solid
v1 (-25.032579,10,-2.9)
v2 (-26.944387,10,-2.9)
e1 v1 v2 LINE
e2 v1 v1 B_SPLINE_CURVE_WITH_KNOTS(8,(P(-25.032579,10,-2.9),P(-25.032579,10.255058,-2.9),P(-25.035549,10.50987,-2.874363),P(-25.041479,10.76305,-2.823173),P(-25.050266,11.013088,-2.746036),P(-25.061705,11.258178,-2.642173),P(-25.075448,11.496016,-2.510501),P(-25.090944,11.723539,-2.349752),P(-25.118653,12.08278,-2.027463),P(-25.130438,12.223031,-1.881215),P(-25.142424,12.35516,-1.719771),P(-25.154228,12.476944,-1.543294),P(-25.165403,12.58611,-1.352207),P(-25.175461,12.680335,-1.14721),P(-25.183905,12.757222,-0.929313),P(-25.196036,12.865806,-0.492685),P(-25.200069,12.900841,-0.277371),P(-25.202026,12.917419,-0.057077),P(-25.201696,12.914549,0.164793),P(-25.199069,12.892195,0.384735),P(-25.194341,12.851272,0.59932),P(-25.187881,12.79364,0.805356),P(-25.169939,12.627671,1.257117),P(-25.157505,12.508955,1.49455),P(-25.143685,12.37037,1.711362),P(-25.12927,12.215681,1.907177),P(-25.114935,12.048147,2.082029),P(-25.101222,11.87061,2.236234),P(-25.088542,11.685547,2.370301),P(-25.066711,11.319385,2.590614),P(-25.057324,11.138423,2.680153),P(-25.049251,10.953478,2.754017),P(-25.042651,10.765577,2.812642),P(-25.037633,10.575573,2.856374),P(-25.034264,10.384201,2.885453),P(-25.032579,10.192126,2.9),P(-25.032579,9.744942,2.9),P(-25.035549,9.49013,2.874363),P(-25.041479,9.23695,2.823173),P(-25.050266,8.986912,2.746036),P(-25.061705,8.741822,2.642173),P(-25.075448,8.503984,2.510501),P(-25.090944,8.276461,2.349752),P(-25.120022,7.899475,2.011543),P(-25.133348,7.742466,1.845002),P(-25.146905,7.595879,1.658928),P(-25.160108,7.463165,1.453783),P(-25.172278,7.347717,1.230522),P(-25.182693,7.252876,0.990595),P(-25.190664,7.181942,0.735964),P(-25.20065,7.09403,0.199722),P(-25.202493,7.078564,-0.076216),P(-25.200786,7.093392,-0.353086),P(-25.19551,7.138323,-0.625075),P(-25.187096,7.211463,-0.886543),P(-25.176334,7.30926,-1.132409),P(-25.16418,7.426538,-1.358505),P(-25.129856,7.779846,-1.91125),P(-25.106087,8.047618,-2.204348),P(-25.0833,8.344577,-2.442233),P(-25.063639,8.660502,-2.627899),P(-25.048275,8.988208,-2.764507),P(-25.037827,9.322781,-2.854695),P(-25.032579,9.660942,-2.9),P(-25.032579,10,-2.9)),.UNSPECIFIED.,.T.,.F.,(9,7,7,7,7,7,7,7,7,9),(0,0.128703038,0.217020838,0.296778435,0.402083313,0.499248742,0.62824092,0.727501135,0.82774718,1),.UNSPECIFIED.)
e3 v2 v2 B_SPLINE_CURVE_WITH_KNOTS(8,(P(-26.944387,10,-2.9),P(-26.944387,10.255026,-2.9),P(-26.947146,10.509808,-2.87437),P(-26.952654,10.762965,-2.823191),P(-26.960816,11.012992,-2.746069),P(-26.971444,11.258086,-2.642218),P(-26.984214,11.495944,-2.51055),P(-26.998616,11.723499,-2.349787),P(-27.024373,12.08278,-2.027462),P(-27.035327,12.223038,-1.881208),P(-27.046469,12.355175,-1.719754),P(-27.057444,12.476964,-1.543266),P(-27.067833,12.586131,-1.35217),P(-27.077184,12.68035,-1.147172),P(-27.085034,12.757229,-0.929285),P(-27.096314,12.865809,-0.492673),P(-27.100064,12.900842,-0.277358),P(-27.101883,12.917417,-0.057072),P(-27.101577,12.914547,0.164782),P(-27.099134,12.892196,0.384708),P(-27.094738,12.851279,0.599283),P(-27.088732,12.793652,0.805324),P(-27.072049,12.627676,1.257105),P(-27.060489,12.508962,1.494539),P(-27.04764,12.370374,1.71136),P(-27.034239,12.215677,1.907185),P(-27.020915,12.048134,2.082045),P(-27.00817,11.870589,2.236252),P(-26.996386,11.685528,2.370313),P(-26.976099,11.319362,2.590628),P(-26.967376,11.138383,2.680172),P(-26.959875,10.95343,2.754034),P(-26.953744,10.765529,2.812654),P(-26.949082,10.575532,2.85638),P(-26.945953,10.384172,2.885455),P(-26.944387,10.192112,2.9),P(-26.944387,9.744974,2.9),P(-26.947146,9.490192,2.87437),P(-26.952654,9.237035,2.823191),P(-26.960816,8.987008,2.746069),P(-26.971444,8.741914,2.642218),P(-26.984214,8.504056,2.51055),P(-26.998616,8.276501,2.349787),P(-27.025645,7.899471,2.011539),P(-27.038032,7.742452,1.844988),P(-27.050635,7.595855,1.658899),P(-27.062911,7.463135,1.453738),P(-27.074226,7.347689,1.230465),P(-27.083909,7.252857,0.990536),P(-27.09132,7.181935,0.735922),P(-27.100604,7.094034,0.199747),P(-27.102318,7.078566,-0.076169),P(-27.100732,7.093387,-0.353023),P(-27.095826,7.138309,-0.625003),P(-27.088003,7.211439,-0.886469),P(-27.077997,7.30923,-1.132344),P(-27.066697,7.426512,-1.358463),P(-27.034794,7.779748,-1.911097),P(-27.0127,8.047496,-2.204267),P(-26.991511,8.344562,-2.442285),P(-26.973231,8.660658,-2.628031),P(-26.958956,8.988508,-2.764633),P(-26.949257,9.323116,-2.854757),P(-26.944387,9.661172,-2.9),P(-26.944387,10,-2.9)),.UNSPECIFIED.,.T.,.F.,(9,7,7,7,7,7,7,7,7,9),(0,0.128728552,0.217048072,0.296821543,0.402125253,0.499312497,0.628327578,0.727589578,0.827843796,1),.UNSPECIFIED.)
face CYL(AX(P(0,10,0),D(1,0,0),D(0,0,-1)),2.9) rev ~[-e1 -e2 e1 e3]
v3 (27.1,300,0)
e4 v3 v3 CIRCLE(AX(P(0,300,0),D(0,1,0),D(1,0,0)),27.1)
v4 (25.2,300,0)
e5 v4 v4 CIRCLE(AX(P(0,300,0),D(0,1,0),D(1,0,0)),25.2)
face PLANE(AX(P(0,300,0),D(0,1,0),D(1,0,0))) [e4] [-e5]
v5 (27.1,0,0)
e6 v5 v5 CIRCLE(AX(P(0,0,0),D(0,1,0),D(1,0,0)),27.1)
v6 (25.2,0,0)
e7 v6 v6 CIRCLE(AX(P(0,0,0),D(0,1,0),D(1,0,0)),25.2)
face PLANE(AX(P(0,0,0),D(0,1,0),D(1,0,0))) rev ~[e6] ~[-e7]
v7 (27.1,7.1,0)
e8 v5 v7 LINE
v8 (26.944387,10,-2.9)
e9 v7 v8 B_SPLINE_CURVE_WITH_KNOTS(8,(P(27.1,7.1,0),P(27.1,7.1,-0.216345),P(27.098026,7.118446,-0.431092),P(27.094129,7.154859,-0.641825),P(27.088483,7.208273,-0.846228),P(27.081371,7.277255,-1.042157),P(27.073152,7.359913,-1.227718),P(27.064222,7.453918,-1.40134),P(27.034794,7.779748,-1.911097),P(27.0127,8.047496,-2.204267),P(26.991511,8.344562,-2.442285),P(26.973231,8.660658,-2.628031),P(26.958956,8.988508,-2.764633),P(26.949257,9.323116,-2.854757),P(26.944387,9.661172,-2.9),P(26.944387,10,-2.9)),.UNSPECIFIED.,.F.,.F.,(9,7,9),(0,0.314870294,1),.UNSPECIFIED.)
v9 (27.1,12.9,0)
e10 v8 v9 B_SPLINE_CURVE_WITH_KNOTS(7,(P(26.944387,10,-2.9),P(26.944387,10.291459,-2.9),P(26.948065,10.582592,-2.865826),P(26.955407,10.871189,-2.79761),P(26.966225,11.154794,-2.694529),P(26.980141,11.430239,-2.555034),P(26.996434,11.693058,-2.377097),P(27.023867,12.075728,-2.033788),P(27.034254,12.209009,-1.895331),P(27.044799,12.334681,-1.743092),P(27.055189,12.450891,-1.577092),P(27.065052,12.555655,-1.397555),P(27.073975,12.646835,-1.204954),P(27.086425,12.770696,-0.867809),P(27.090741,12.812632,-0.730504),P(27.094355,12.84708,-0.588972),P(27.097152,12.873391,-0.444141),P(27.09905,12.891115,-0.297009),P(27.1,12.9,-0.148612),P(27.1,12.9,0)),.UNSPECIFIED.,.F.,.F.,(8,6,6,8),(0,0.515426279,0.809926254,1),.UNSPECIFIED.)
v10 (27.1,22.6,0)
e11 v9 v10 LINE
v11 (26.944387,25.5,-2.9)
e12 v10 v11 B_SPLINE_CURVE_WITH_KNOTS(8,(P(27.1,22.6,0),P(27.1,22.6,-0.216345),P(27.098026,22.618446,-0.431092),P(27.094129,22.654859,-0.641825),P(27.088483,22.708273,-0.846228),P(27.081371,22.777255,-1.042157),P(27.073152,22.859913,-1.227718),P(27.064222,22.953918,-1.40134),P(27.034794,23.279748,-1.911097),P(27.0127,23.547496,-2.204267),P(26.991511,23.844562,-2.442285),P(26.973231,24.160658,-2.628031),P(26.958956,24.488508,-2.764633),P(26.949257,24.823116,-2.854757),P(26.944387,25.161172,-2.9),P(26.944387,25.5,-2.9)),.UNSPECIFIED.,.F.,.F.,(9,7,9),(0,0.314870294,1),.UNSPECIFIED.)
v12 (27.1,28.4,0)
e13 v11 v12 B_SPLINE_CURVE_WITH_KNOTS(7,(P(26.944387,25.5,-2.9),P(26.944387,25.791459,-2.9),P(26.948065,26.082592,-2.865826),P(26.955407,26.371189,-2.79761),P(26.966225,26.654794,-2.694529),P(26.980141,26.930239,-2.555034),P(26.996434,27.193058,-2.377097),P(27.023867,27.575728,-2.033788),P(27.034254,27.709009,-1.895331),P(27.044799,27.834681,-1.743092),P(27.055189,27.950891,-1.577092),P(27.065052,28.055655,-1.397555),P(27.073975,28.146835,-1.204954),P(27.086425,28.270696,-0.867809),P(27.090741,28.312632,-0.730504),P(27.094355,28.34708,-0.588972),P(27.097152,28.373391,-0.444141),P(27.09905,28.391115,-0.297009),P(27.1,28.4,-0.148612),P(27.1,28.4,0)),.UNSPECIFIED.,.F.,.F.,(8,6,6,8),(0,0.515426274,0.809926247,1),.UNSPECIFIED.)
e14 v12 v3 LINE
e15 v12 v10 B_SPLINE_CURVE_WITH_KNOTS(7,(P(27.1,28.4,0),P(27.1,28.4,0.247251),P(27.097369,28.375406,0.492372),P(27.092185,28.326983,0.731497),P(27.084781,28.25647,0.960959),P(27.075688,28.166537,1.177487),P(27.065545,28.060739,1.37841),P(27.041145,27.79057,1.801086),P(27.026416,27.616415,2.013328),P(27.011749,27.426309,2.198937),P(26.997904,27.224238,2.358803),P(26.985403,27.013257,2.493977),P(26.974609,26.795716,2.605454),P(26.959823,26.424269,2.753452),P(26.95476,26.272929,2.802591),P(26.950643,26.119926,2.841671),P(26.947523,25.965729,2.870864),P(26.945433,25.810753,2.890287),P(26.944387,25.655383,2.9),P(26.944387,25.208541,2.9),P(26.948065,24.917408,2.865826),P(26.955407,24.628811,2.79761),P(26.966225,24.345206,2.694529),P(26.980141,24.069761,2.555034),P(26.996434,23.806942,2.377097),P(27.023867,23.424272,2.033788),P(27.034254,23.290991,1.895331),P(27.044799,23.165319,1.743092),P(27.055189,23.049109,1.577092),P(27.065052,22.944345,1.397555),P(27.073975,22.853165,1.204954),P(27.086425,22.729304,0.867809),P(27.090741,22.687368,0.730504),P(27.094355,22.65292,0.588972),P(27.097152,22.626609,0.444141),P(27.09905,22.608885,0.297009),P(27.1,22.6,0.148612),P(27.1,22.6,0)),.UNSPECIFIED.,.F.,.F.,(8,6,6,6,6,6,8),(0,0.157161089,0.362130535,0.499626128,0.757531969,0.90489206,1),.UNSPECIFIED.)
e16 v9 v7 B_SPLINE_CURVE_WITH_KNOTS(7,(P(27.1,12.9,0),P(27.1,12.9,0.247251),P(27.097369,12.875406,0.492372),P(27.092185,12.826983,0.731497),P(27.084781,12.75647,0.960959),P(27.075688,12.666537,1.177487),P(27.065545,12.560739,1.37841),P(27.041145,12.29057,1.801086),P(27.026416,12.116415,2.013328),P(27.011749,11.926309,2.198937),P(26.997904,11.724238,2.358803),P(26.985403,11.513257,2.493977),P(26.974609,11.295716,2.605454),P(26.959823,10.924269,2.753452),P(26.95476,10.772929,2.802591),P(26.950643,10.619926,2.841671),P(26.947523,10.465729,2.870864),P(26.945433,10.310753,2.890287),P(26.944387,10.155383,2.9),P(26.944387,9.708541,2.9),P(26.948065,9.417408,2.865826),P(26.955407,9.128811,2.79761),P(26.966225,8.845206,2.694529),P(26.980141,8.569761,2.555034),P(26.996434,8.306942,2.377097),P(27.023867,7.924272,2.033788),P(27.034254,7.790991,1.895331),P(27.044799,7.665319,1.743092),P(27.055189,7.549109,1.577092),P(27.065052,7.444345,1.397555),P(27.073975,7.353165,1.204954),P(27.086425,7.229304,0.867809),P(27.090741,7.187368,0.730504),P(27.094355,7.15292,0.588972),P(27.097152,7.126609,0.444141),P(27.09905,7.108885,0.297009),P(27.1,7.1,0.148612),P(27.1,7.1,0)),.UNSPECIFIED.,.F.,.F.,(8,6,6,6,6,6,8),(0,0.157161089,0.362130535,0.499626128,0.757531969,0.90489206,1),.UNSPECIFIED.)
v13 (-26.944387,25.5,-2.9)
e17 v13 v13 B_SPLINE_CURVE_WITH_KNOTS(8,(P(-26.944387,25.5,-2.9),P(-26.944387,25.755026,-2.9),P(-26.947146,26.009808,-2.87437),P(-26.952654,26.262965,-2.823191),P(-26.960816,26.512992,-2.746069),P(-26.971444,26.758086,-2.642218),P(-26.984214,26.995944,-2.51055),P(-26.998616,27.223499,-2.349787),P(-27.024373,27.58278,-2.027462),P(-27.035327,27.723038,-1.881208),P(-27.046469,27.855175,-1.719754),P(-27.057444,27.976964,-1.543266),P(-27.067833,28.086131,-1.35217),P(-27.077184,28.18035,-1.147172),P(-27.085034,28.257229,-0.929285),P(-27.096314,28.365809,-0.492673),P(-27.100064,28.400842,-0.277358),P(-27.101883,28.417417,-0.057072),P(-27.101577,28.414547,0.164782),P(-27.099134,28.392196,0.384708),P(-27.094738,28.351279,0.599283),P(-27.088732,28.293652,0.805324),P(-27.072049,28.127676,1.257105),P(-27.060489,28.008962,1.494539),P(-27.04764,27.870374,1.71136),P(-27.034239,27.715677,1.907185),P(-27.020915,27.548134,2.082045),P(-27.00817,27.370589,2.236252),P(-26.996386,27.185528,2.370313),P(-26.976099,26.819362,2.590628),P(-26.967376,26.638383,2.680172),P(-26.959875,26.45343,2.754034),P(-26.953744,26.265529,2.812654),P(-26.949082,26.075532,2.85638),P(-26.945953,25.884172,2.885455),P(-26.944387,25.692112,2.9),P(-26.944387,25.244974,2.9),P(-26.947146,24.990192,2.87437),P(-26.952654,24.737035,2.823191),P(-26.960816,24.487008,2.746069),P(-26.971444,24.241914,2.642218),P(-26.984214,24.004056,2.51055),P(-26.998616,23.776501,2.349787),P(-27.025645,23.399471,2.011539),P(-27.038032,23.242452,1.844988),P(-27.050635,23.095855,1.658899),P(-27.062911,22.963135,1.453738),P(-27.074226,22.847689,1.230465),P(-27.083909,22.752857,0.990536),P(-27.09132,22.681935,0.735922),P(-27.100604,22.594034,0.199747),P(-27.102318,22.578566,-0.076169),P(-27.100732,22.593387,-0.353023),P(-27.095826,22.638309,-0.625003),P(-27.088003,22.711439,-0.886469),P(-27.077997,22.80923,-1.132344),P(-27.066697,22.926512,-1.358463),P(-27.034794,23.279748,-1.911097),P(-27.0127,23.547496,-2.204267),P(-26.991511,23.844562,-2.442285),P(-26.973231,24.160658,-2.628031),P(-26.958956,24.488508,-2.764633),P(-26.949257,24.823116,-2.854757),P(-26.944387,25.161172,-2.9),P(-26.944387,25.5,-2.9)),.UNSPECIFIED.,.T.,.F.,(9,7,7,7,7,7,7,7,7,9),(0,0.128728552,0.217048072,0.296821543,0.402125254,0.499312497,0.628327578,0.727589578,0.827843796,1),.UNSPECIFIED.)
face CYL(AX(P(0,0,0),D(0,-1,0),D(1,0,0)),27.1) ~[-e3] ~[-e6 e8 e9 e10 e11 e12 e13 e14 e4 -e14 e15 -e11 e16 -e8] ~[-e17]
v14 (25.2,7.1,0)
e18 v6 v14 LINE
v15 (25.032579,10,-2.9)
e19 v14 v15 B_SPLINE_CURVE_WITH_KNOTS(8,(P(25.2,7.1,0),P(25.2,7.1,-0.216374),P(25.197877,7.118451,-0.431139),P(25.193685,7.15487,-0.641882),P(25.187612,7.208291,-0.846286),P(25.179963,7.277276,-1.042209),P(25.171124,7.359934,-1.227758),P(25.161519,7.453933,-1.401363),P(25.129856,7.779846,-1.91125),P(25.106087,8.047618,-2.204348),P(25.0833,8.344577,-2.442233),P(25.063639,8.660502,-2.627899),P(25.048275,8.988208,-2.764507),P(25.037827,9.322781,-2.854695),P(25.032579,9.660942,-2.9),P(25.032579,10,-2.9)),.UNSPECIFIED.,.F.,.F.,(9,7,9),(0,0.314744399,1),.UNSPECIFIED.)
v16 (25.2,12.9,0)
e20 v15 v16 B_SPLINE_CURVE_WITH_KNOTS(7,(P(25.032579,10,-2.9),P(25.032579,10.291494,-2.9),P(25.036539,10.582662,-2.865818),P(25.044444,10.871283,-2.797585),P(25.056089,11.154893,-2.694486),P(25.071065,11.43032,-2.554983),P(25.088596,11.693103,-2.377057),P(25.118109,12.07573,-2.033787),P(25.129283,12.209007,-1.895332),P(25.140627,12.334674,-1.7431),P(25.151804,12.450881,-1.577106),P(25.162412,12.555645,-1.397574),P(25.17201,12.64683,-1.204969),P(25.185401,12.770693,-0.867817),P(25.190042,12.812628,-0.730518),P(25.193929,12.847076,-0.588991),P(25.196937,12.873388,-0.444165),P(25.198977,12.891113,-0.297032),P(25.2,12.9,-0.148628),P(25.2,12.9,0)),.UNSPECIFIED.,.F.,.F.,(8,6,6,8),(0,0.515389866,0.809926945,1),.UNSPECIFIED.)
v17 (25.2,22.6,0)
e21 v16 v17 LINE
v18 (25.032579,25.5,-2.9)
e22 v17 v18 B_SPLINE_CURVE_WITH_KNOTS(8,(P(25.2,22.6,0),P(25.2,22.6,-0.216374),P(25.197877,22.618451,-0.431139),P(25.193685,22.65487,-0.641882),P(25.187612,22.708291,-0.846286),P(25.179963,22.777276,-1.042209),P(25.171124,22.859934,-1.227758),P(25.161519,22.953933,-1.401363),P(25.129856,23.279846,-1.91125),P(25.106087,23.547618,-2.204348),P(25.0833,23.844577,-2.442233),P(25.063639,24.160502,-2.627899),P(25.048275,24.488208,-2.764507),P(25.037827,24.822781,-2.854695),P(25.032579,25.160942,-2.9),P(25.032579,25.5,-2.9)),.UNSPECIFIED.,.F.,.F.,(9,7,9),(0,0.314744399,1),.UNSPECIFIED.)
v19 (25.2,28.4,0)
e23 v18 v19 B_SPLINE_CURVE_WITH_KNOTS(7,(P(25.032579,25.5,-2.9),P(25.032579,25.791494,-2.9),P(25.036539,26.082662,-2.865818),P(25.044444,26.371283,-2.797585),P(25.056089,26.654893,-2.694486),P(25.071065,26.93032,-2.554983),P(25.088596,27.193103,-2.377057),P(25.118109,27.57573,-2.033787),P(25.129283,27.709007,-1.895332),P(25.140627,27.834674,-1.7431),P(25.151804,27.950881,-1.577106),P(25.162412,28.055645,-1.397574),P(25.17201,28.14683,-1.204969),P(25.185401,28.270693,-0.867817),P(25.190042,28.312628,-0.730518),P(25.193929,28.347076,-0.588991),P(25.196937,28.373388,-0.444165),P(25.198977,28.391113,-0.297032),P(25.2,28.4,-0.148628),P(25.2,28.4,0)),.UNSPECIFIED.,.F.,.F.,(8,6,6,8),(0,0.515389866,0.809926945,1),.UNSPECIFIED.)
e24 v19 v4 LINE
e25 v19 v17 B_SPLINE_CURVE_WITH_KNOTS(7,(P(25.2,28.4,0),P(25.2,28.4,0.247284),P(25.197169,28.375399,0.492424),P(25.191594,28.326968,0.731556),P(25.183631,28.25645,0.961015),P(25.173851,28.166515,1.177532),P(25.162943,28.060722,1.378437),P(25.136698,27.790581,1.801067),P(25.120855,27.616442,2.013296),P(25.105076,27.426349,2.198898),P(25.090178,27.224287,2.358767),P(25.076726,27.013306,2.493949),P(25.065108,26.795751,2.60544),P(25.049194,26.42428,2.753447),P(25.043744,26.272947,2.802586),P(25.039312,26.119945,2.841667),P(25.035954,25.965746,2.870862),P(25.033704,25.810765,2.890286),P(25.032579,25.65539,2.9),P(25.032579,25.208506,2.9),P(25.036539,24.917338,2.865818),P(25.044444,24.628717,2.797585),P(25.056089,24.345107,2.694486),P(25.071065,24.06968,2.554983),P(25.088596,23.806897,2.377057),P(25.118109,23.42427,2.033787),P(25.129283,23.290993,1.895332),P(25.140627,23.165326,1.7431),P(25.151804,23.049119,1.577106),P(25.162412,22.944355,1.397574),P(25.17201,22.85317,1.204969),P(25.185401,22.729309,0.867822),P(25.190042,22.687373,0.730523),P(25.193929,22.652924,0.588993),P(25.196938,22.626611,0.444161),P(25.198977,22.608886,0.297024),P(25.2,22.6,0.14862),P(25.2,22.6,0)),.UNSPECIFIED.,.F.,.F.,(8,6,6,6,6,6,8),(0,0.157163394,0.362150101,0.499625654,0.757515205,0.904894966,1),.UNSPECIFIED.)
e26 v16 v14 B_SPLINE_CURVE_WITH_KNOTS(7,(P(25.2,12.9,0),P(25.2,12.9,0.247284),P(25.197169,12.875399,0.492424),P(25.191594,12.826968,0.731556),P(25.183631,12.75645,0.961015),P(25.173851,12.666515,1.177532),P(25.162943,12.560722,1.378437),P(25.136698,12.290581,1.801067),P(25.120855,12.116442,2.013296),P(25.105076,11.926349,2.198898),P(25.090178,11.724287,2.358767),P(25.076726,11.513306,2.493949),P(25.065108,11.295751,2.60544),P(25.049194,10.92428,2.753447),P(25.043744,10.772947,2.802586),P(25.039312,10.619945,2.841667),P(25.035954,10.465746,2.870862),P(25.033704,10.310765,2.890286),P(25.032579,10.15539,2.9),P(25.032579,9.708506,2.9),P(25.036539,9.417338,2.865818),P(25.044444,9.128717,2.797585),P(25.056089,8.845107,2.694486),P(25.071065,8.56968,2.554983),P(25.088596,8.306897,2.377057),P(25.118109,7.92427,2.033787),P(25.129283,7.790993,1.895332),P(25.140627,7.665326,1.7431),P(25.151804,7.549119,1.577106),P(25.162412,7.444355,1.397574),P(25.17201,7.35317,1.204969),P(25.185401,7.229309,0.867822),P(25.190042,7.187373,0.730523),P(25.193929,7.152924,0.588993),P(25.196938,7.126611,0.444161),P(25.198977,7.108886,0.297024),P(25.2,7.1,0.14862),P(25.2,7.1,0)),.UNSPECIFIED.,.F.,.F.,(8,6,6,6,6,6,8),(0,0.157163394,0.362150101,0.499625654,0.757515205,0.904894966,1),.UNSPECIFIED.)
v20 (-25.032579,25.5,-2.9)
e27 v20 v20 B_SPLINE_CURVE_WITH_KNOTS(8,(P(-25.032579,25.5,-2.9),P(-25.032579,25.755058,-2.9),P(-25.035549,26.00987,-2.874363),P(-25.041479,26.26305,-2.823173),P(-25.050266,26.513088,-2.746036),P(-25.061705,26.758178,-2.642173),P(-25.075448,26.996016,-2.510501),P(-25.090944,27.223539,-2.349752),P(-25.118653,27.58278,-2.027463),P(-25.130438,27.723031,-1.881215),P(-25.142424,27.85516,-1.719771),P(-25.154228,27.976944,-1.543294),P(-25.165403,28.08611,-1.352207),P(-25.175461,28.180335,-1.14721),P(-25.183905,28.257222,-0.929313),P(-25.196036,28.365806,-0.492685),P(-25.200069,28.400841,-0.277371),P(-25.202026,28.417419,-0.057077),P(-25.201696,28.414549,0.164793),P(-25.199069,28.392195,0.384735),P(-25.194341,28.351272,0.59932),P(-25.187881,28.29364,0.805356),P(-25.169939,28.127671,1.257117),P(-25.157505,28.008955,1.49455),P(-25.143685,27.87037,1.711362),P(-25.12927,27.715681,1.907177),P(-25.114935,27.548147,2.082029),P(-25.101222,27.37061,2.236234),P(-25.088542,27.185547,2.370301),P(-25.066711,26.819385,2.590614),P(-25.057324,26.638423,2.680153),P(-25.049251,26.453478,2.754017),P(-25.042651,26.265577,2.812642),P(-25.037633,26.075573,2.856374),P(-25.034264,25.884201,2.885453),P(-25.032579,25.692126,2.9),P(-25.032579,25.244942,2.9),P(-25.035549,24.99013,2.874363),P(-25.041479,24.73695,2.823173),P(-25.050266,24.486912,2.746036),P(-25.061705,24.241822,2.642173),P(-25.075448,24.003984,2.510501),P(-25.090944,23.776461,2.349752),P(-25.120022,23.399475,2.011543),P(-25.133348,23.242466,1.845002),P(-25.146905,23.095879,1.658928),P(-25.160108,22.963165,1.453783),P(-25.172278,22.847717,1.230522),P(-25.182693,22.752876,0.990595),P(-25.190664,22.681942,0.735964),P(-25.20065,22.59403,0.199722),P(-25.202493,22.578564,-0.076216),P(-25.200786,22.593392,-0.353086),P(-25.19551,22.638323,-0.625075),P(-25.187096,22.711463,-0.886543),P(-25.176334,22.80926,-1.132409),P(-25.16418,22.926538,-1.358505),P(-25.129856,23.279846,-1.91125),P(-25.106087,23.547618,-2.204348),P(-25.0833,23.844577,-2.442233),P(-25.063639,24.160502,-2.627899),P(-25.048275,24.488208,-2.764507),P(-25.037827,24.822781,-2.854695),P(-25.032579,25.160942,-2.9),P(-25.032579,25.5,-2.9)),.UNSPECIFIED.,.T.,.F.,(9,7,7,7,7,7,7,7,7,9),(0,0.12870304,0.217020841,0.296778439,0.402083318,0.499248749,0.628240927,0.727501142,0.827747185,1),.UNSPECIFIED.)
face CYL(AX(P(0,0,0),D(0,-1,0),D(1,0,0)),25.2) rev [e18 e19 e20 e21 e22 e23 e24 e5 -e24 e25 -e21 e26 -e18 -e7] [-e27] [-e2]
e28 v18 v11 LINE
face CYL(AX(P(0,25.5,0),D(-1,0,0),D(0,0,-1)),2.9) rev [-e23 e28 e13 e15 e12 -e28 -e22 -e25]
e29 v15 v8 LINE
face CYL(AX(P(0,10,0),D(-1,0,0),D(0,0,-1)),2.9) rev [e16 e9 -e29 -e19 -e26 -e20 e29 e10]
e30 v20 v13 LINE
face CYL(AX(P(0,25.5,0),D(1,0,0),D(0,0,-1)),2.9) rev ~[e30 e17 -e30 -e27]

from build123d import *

# Parameters (mm, degrees)
SKETCH1_R               = 27.1
SKETCH1_R_2             = 25.2
BOSS_EXTRUDE1_DEPTH     = 300
SKETCH2_R               = 2.9
CUT_EXTRUDE1_DEPTH      = 28.1
CUT_EXTRUDE1_DEPTH_BACK = 28.1


with BuildPart() as part:
    # Sketch1 → Boss-Extrude1 (new body)
    with BuildSketch(Plane(origin=(0, 0, 0), x_dir=(1, 0, 0), z_dir=(0, 1, 0))):
        Circle(SKETCH1_R)
        Circle(SKETCH1_R_2, mode=Mode.SUBTRACT)
    extrude(amount=BOSS_EXTRUDE1_DEPTH)

    # Sketch2 → Cut-Extrude1 (cut, two sides)
    with BuildSketch(Plane(origin=(0, 0, 0), x_dir=(0, 0, -1), z_dir=(1, 0, 0))) as cut_extrude1_sk:
        with Locations((0, 10)):
            Circle(SKETCH2_R)
        with Locations((0, 25.5)):
            Circle(SKETCH2_R)
    extrude(amount=CUT_EXTRUDE1_DEPTH, mode=Mode.SUBTRACT)
    extrude(cut_extrude1_sk.sketch, amount=-CUT_EXTRUDE1_DEPTH_BACK, mode=Mode.SUBTRACT)


solid = part.part
